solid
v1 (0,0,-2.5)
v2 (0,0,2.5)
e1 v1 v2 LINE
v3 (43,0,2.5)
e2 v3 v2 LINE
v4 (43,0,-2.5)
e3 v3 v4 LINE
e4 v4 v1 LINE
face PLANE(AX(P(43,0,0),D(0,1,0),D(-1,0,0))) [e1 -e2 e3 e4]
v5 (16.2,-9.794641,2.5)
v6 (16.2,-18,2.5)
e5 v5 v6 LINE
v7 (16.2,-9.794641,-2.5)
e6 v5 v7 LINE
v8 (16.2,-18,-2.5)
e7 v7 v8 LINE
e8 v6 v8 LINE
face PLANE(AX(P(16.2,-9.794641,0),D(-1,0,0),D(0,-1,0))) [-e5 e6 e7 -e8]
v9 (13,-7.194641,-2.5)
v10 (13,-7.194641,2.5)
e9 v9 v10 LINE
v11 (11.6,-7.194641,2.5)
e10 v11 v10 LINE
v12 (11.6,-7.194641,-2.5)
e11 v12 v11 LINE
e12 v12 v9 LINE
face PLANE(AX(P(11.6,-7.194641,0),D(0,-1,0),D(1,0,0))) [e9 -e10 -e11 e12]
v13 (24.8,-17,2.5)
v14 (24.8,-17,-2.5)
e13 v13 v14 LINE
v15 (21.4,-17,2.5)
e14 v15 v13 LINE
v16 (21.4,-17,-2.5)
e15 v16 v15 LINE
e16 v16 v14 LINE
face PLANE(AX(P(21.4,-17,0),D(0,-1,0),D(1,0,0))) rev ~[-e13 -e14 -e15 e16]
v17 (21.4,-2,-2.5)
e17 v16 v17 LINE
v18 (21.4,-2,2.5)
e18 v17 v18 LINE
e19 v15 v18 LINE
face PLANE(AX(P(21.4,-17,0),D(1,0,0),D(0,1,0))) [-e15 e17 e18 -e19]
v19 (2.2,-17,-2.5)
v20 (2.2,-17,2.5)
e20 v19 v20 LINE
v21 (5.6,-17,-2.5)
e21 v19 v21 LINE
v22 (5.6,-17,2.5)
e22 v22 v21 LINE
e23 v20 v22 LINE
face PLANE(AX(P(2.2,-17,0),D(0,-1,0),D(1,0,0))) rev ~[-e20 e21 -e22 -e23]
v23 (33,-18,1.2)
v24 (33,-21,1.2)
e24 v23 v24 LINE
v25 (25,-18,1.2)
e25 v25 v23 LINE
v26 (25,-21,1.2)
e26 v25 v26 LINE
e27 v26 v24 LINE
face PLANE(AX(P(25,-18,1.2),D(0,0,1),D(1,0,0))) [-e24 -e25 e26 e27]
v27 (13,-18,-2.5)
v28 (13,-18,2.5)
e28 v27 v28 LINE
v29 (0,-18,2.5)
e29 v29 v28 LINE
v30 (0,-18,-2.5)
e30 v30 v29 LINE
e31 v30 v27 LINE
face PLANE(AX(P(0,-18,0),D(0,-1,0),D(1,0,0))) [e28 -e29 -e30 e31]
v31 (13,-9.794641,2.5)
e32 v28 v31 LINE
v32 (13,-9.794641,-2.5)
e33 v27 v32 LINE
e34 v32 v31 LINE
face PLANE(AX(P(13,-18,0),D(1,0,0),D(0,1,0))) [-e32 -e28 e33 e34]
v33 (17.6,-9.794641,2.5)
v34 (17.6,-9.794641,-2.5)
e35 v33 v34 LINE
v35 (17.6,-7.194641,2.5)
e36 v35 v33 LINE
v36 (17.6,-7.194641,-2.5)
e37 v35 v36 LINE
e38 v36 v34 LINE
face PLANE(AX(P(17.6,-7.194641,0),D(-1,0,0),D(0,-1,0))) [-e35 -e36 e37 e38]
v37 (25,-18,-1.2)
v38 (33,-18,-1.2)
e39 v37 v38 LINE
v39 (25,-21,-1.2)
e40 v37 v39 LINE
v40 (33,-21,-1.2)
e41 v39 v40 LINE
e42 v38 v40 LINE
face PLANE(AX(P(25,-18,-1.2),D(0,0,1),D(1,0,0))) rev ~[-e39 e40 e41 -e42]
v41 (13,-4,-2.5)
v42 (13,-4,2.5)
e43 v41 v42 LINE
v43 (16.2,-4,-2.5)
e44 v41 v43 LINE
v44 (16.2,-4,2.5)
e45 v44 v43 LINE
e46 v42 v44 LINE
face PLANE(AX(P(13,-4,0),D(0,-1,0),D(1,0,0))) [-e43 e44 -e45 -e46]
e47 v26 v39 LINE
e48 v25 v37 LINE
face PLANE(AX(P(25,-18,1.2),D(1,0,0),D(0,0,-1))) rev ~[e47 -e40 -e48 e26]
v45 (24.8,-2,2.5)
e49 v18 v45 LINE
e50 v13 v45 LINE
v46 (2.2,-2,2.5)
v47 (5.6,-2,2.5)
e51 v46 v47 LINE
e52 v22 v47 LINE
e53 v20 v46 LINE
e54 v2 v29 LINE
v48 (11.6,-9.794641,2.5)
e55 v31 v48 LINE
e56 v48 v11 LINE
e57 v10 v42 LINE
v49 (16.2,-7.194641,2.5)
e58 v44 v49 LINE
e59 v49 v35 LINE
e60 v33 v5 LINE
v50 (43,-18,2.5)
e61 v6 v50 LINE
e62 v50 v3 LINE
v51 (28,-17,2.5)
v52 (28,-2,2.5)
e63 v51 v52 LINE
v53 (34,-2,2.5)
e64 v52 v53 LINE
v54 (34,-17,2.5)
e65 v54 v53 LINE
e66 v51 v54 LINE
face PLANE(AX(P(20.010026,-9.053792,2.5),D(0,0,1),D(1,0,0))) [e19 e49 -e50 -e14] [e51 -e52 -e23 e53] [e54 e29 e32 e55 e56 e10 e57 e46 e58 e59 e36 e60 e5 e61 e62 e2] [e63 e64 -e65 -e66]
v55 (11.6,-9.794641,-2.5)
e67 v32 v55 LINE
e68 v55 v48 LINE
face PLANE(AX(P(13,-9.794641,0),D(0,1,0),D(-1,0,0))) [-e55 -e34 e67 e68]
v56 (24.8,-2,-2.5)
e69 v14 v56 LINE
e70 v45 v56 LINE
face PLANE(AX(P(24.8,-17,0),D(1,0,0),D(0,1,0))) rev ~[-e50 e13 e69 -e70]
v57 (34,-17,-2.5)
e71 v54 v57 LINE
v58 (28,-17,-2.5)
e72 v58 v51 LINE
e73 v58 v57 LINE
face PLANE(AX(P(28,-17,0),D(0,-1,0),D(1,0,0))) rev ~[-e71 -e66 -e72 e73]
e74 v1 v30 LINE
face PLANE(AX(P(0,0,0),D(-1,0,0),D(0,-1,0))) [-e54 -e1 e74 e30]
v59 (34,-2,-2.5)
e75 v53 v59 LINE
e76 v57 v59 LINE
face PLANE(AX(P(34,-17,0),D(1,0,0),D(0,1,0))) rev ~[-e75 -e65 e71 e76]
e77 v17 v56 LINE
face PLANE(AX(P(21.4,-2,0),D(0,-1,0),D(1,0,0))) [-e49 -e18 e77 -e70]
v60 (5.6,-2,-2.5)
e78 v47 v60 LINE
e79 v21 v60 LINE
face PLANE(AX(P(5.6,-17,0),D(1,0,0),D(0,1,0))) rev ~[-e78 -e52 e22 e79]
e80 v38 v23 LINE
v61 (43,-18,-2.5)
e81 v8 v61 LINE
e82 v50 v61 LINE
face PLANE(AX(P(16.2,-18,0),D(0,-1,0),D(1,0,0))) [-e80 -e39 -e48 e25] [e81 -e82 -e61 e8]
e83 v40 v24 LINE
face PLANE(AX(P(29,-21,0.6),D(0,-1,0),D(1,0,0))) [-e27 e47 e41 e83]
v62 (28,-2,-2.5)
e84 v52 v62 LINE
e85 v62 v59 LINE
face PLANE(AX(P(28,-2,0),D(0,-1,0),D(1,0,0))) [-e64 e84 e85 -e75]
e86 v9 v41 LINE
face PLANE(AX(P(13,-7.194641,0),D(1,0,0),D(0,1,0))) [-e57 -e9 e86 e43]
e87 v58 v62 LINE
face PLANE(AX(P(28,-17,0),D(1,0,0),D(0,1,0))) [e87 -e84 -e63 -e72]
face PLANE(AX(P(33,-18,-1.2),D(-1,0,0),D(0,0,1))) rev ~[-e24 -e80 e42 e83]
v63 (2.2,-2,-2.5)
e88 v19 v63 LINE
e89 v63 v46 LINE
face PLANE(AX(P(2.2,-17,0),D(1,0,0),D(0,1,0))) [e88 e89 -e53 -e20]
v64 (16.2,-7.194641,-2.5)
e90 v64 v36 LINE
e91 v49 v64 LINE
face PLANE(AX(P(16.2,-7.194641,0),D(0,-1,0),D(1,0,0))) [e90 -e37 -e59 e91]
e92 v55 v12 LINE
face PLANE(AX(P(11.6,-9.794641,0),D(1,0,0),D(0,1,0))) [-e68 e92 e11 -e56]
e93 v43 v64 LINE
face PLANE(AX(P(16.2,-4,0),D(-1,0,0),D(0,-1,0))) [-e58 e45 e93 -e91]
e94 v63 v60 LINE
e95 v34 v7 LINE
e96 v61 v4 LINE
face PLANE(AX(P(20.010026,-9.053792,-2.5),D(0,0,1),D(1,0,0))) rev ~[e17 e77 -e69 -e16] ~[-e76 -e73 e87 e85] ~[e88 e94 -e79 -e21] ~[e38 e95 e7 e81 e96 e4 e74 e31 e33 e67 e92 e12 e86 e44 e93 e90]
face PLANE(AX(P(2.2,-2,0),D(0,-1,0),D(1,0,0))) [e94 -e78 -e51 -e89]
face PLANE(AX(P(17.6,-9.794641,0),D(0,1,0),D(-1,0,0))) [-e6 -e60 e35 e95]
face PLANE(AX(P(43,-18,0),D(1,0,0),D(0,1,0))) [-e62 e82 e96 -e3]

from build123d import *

# Parameters (mm, degrees)
F0_W          = 3.4
F0_H          = 15
F0_W_2        = 6
F1_DEPTH      = 2.5
F1_DEPTH_BACK = 2.5
F2_W          = 8
F2_H          = 1.2
F3_DEPTH      = 3


with BuildPart() as f1:
    # F0 (on Top) → F1 (new body, two sides)
    with BuildSketch(Plane.XY) as f1_sk:
        Polygon((43, 0), (0, 0), (0, -18), (13, -18), (13, -9.794641), (11.6, -9.794641), (11.6, -7.194641), (13, -7.194641), (13, -4), (16.2, -4), (16.2, -7.194641), (17.6, -7.194641), (17.6, -9.794641), (16.2, -9.794641), (16.2, -18), (43, -18), align=None)
        with Locations((3.9, -9.5)):
            Rectangle(F0_W, F0_H, mode=Mode.SUBTRACT)
        with Locations((23.1, -9.5)):
            Rectangle(F0_W, F0_H, mode=Mode.SUBTRACT)
        with Locations((31, -9.5)):
            Rectangle(F0_W_2, F0_H, mode=Mode.SUBTRACT)
    extrude(amount=F1_DEPTH)
    extrude(f1_sk.sketch, amount=-F1_DEPTH_BACK)

    # F2 (on face) → F3 (join)
    with BuildSketch(Plane.XZ.offset(18)):
        with Locations((29, 0.6)):
            Rectangle(F2_W, F2_H)
        with Locations((29, -0.6)):
            Rectangle(F2_W, F2_H)
    extrude(amount=F3_DEPTH)


solid = f1.part
